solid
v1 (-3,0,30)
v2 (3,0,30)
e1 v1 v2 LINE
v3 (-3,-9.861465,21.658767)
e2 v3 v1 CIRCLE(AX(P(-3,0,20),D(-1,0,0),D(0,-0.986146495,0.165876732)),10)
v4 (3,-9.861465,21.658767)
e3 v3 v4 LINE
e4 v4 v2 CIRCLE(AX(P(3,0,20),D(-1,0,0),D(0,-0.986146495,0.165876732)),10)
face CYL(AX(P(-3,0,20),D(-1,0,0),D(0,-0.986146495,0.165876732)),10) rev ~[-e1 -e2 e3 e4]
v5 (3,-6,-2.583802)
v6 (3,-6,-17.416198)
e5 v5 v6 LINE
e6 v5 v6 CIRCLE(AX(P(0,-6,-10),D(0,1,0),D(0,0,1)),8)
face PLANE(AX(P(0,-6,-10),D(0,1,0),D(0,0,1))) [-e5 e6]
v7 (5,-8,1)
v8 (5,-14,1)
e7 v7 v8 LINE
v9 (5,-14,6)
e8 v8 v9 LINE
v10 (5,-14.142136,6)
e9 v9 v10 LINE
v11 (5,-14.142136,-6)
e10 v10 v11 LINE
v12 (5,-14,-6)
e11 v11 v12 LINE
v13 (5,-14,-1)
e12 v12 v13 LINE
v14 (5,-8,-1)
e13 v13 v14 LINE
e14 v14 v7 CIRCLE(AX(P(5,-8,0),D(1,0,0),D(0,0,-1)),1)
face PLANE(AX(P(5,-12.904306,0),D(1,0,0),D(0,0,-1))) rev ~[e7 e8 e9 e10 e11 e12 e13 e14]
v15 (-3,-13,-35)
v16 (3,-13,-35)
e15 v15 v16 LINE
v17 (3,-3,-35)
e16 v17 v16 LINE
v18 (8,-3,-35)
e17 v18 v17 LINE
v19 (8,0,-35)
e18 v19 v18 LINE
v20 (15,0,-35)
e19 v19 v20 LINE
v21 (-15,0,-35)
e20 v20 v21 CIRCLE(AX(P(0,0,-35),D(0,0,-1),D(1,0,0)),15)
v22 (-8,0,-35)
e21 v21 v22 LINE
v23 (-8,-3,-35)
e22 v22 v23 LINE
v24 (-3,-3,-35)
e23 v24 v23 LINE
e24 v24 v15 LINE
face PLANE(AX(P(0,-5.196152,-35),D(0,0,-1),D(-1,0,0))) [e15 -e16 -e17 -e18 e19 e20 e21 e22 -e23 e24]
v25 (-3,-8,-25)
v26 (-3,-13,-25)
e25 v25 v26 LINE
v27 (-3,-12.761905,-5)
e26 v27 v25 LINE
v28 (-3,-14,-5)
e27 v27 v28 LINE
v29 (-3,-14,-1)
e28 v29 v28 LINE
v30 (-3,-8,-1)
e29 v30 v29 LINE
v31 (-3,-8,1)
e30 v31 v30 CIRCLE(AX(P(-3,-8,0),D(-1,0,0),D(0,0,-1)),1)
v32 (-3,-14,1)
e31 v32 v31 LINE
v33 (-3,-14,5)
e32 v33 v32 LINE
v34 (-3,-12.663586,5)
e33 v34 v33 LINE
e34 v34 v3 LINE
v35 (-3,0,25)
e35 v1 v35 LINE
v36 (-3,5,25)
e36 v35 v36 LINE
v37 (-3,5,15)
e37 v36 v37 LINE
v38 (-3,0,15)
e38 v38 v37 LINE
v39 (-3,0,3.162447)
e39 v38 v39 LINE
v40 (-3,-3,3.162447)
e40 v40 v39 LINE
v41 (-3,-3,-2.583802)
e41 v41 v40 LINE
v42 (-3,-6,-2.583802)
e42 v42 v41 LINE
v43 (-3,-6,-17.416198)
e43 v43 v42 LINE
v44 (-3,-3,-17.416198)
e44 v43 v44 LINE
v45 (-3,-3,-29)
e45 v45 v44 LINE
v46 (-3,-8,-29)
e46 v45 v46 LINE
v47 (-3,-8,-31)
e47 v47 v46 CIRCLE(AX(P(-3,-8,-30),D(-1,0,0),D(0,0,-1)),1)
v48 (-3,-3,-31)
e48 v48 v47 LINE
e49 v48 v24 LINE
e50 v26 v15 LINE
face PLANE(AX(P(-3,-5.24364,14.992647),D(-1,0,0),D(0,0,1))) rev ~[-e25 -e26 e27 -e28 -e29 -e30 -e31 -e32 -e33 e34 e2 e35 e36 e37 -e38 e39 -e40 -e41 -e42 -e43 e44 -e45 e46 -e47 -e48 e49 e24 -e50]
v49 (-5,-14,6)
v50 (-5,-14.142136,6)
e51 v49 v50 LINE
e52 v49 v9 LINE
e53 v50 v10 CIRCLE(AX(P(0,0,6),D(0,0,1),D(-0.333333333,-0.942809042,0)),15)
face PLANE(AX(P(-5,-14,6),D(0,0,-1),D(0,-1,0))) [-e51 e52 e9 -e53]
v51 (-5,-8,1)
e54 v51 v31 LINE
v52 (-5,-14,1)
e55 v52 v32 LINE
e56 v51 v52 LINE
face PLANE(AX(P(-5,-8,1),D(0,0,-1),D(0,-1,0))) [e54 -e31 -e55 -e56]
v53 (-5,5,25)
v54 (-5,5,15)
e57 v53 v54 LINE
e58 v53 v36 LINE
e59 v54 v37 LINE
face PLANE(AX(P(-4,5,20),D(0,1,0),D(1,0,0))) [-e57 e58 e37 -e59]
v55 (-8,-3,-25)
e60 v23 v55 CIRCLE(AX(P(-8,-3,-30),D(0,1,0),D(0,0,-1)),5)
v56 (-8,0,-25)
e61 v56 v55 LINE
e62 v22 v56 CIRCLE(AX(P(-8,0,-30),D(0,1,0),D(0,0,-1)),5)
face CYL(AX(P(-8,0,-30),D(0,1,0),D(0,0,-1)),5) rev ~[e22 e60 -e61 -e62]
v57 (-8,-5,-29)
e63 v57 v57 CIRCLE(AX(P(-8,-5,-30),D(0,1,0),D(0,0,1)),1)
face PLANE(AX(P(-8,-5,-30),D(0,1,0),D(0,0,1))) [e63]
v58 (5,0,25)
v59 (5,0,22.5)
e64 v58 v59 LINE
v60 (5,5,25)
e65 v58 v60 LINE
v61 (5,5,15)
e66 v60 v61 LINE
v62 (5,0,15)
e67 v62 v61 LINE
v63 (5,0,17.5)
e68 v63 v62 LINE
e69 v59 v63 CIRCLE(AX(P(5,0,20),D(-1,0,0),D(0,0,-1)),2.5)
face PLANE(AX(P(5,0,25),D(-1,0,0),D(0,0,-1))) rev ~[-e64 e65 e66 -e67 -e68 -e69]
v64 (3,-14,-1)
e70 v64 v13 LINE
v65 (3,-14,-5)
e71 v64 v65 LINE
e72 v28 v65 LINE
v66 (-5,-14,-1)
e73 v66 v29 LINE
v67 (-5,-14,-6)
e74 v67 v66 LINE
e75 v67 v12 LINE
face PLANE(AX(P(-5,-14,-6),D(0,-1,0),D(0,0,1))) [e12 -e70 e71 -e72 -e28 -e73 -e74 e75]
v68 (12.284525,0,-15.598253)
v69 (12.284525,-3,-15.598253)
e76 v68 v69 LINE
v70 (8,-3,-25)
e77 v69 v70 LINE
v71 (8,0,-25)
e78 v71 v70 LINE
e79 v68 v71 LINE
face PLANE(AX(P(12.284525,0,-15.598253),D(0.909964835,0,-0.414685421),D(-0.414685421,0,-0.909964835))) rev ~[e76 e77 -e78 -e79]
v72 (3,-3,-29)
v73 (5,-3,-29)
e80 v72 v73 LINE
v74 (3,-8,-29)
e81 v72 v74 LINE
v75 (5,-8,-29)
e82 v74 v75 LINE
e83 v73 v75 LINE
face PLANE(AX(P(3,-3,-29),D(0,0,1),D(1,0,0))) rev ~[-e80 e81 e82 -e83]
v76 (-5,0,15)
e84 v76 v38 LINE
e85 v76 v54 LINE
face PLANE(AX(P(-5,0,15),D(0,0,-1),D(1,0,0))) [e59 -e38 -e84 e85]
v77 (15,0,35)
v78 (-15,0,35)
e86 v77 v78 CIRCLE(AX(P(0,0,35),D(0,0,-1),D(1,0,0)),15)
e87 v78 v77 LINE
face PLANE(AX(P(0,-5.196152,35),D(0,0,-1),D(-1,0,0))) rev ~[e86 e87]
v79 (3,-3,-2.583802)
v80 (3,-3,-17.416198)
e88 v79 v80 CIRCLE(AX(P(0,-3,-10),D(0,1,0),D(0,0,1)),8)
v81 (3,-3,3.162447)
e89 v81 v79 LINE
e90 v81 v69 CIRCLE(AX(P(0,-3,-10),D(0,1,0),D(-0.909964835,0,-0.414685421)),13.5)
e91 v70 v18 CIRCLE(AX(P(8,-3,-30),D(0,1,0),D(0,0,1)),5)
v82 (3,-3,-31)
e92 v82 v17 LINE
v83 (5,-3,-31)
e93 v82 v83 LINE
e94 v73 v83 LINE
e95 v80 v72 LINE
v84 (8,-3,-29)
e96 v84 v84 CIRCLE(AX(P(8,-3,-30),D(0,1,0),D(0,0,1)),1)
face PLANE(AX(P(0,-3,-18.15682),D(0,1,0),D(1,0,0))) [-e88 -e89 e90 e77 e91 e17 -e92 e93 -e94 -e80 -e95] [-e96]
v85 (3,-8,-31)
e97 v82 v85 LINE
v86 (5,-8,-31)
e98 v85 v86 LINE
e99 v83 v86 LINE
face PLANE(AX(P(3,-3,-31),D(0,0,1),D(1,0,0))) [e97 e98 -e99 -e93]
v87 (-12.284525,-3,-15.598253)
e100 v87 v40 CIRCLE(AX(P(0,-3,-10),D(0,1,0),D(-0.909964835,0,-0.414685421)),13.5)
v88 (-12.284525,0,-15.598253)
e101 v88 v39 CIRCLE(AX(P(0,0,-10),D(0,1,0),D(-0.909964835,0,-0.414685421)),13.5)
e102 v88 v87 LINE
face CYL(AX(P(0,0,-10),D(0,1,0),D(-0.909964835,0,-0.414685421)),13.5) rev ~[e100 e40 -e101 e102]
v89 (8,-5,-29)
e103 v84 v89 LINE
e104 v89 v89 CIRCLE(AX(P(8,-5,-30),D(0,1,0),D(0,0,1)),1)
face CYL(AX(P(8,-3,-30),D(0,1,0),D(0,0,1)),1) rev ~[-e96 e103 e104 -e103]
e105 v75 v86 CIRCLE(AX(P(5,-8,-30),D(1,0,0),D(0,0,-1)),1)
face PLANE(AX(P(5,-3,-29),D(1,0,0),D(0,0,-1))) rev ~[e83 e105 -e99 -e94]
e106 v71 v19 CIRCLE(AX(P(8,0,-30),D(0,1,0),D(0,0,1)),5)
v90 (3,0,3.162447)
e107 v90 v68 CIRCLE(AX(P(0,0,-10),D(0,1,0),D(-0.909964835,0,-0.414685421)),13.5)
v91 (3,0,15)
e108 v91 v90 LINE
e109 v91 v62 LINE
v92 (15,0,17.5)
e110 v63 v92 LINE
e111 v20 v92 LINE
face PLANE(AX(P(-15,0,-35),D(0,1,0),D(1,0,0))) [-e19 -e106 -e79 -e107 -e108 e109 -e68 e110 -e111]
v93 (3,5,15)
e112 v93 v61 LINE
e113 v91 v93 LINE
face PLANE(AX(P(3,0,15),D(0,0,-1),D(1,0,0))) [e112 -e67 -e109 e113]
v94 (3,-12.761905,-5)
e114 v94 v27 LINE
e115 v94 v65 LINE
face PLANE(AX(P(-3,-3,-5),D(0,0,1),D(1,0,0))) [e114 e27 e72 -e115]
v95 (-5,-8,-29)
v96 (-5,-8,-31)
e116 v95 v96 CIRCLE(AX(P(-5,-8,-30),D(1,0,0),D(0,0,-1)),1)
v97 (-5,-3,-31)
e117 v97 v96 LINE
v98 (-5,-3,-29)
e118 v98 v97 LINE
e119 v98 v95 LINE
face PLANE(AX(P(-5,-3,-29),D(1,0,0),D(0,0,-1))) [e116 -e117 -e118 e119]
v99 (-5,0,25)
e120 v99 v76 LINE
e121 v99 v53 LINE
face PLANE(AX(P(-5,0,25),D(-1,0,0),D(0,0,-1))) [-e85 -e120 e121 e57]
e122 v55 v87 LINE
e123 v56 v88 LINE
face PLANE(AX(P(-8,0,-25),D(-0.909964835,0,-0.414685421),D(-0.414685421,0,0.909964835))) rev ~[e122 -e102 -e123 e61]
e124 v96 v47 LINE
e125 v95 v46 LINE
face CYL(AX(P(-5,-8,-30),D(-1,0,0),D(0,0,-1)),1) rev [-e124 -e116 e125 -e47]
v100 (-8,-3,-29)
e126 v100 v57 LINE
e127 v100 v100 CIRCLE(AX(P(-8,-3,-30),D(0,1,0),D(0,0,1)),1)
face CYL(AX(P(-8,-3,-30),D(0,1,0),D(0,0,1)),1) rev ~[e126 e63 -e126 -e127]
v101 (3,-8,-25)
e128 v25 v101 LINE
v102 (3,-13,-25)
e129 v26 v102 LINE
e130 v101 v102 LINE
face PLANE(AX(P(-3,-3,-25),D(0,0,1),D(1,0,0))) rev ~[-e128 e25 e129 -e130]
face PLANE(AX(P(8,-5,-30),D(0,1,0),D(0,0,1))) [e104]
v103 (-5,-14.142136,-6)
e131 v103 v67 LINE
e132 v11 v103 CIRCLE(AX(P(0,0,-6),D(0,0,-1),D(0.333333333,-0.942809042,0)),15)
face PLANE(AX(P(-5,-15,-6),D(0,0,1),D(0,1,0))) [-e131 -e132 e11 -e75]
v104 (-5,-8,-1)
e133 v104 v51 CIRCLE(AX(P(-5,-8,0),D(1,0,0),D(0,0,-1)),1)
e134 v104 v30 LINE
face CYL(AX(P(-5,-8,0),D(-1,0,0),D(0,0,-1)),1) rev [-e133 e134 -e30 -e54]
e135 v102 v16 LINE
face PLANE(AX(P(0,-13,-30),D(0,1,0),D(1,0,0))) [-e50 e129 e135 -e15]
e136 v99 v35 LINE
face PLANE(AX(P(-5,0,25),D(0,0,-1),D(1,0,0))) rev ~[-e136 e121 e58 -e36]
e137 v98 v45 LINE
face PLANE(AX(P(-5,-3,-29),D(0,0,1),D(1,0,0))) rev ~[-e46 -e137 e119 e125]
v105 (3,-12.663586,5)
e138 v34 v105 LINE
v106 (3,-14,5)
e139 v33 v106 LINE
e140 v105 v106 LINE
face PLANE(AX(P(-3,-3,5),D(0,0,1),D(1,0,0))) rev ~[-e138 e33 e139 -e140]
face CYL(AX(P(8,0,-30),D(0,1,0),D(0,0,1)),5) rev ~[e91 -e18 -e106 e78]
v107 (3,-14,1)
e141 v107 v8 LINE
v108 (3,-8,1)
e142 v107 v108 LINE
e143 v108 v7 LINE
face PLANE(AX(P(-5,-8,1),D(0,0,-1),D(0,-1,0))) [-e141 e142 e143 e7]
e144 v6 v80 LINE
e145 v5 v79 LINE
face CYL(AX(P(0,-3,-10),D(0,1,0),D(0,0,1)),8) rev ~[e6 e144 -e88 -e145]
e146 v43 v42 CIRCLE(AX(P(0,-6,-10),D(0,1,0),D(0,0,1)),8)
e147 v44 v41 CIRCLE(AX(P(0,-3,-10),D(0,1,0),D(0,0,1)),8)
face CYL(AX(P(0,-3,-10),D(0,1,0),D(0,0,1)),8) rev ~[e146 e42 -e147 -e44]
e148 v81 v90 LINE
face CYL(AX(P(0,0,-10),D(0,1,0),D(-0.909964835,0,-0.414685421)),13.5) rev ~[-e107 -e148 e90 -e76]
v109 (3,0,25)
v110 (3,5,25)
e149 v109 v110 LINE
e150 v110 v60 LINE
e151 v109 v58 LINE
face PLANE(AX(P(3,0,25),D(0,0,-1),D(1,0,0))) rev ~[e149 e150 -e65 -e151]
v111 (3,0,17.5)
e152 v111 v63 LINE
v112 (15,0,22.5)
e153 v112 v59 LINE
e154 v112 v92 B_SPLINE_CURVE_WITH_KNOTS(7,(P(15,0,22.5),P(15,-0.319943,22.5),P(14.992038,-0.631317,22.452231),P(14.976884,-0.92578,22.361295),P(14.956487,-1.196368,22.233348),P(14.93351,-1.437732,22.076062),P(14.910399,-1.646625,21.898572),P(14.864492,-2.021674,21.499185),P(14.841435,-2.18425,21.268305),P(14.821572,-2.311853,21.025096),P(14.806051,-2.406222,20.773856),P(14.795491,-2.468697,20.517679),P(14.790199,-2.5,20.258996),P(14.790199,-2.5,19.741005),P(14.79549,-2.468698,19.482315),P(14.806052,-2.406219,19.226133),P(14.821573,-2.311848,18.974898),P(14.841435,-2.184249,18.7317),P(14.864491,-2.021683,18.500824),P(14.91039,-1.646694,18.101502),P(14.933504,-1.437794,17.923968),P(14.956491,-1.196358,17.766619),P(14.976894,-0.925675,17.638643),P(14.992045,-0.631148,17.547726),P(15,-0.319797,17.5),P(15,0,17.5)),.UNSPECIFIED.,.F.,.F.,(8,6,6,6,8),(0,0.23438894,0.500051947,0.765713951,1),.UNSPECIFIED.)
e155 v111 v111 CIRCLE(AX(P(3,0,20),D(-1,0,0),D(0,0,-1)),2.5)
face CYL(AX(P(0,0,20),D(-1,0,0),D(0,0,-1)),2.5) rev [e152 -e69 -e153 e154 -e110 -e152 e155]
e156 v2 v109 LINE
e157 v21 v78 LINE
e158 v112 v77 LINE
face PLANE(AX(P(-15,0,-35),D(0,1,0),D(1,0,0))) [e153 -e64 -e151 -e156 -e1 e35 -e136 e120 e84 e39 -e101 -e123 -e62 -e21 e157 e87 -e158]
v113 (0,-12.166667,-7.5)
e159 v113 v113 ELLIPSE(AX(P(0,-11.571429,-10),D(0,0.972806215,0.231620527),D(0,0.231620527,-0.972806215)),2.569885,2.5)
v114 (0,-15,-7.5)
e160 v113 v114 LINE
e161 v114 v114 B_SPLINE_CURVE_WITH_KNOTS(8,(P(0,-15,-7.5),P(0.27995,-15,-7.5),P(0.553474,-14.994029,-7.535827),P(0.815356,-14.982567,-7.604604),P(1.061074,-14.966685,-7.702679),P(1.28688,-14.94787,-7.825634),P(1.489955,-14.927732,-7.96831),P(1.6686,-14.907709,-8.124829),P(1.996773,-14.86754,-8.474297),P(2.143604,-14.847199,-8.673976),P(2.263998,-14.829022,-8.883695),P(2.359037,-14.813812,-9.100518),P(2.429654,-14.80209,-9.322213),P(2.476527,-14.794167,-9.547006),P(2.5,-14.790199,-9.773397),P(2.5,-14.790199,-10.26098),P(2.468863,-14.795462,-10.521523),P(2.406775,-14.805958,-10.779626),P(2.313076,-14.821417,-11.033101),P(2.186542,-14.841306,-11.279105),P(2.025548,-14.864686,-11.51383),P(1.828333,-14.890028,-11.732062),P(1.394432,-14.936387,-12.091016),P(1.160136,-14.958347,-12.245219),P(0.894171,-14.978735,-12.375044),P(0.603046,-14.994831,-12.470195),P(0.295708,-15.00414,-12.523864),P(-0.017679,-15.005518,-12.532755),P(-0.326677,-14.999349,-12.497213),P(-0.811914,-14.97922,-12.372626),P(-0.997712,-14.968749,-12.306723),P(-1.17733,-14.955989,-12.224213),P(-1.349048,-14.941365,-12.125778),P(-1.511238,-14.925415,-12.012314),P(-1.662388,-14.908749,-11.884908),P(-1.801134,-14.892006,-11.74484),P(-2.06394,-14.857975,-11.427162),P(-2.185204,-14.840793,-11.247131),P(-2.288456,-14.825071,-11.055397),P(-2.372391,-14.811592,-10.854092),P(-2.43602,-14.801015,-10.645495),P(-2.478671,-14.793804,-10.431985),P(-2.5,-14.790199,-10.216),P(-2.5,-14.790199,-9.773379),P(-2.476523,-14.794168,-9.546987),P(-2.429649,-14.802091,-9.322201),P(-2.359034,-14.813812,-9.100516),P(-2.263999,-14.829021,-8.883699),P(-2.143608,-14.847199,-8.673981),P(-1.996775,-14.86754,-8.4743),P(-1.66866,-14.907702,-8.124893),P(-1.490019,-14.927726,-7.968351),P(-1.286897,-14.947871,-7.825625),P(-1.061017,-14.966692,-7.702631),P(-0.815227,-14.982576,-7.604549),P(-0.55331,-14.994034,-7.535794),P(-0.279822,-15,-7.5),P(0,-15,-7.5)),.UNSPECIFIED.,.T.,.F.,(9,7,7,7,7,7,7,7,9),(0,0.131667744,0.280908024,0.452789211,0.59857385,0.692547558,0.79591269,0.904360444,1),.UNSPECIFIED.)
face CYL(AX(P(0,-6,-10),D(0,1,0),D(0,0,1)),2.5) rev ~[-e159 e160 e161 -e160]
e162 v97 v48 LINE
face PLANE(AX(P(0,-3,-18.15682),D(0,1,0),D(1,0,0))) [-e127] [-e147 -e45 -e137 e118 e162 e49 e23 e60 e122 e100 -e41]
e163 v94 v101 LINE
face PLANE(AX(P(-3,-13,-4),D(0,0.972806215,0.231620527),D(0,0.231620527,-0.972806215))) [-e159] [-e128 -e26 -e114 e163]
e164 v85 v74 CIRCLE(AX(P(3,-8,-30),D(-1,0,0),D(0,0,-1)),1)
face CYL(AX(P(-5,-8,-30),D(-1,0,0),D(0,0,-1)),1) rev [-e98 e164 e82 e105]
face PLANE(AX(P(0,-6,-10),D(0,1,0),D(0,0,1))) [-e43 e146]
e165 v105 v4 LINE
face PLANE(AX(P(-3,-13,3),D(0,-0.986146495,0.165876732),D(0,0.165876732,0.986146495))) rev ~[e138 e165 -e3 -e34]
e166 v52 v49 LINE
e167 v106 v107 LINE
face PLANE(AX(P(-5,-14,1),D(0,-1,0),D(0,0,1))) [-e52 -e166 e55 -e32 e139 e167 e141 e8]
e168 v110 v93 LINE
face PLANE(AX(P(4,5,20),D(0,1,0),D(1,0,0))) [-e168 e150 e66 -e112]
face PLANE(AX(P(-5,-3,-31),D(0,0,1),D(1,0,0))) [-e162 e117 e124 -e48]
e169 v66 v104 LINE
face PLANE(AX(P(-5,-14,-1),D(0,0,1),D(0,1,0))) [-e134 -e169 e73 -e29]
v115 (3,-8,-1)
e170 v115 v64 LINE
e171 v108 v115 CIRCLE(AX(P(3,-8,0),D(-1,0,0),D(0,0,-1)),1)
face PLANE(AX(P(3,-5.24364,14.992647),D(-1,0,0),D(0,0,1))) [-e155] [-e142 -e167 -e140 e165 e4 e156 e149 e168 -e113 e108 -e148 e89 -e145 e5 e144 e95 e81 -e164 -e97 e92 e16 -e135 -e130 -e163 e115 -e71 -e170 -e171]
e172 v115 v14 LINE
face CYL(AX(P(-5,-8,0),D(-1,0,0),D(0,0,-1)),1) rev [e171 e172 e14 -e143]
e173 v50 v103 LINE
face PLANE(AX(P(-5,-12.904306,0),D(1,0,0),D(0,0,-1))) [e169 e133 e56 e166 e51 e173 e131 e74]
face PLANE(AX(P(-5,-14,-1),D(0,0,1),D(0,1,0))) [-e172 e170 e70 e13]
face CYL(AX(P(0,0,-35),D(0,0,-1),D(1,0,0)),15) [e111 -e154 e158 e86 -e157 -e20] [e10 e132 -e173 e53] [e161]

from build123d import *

# Parameters (mm, degrees)
SALIENTE_EXTRUIR1_DEPTH      = 35
SALIENTE_EXTRUIR1_DEPTH_BACK = 35
CORTAR_EXTRUIR1_DEPTH        = 3
CROQUIS4_R                   = 8
CORTAR_EXTRUIR2_DEPTH        = 3
CROQUIS5_R                   = 2.5
CORTAR_EXTRUIR3_DEPTH        = 10
CROQUIS6_W                   = 6
CROQUIS6_H                   = 10
CORTAR_EXTRUIR5_DEPTH        = 10
CROQUIS7_W                   = 2
CROQUIS7_H                   = 2
CORTAR_EXTRUIR6_DEPTH        = 5
CROQUIS8_R                   = 1
CORTAR_EXTRUIR7_DEPTH        = 2
CROQUIS9_W                   = 6
CROQUIS9_H                   = 10
CORTAR_EXTRUIR8_DEPTH        = 12
CORTAR_EXTRUIR9_DEPTH        = 5
CORTAR_EXTRUIR9_DEPTH_BACK   = 5
CROQUIS10_R                  = 1
CORTAR_EXTRUIR10_DEPTH       = 5
CORTAR_EXTRUIR10_DEPTH_BACK  = 5
CORTAR_EXTRUIR11_DEPTH       = 3
CORTAR_EXTRUIR11_DEPTH_BACK  = 3
CROQUIS14_W                  = 2
CROQUIS14_H                  = 10
SALIENTE_EXTRUIR2_DEPTH      = 5
CROQUIS15_R                  = 2.5
CORTAR_EXTRUIR12_DEPTH       = 15


with BuildPart() as part:
    # Croquis1 → Saliente-Extruir1 (new, two sides: drawn at the far end of the back side and taken through both)
    with BuildSketch(Plane.XY.offset(-SALIENTE_EXTRUIR1_DEPTH_BACK)):
        with BuildLine():
            Line((-15, 0), (15, 0))
            ThreePointArc((15, 0), (0, -15), (-15, 0))
        make_face()
    extrude(amount=SALIENTE_EXTRUIR1_DEPTH + SALIENTE_EXTRUIR1_DEPTH_BACK)

    # Croquis3 → Cortar-Extruir1 (cut)
    with BuildSketch(Plane(origin=(0, 0, 0), x_dir=(1, 0, 0), z_dir=(0, 1, 0))):
        with BuildLine():
            Line((-8, 25), (-12.284525276, 15.598253186))
            ThreePointArc((-12.284525276, 15.598253186), (0, -3.5), (12.284525276, 15.598253186))
            Line((12.284525276, 15.598253186), (8, 25))
            ThreePointArc((8, 25), (13, 30), (8, 35))
            Line((8, 35), (-8, 35))
            ThreePointArc((-8, 35), (-13, 30), (-8, 25))
        make_face()
    extrude(amount=-CORTAR_EXTRUIR1_DEPTH, mode=Mode.SUBTRACT)

    # Croquis4 → Cortar-Extruir2 (cut)
    with BuildSketch(Plane(origin=(0, -3, 0), x_dir=(1, 0, 0), z_dir=(0, 1, 0))):
        with Locations((0, 10)):
            Circle(CROQUIS4_R)
    extrude(amount=-CORTAR_EXTRUIR2_DEPTH, mode=Mode.SUBTRACT)

    # Croquis5 → Cortar-Extruir3 (cut)
    with BuildSketch(Plane(origin=(0, -6, 0), x_dir=(1, 0, 0), z_dir=(0, 1, 0))):
        with Locations((0, 10)):
            Circle(CROQUIS5_R)
    extrude(amount=-CORTAR_EXTRUIR3_DEPTH, mode=Mode.SUBTRACT)

    # Croquis6 → Cortar-Extruir5 (cut)
    with BuildSketch(Plane(origin=(0, -3, 0), x_dir=(1, 0, 0), z_dir=(0, 1, 0))):
        with Locations((0, 30)):
            Rectangle(CROQUIS6_W, CROQUIS6_H)
    extrude(amount=-CORTAR_EXTRUIR5_DEPTH, mode=Mode.SUBTRACT)

    # Croquis7 → Cortar-Extruir6 (cut)
    with BuildSketch(Plane(origin=(0, -3, 0), x_dir=(1, 0, 0), z_dir=(0, 1, 0))):
        with Locations((-4, 30)):
            Rectangle(CROQUIS7_W, CROQUIS7_H)
        with Locations((4, 30)):
            Rectangle(CROQUIS7_W, CROQUIS7_H)
    extrude(amount=-CORTAR_EXTRUIR6_DEPTH, mode=Mode.SUBTRACT)

    # Croquis8 → Cortar-Extruir7 (cut)
    with BuildSketch(Plane(origin=(0, -3, 0), x_dir=(1, 0, 0), z_dir=(0, 1, 0))):
        with Locations((-8, 30)):
            Circle(CROQUIS8_R)
        with Locations((8, 30)):
            Circle(CROQUIS8_R)
    extrude(amount=-CORTAR_EXTRUIR7_DEPTH, mode=Mode.SUBTRACT)

    # Croquis9 → Cortar-Extruir8 (cut)
    with BuildSketch(Plane(origin=(0, -3, 0), x_dir=(1, 0, 0), z_dir=(0, 1, 0))):
        Rectangle(CROQUIS9_W, CROQUIS9_H)
    extrude(amount=-CORTAR_EXTRUIR8_DEPTH, mode=Mode.SUBTRACT)

    # Croquis10 → Cortar-Extruir9 (cut, two sides: drawn at the far end of the back side and taken through both)
    with BuildSketch(Plane(origin=(0, 0, 0), x_dir=(0, 0, -1), z_dir=(1, 0, 0)).offset(-CORTAR_EXTRUIR9_DEPTH_BACK)):
        with Locations((30, -8)):
            Circle(CROQUIS10_R)
    extrude(amount=CORTAR_EXTRUIR9_DEPTH + CORTAR_EXTRUIR9_DEPTH_BACK, mode=Mode.SUBTRACT)

    # Croquis11 → Cortar-Extruir10 (cut, two sides: drawn at the far end of the back side and taken through both)
    with BuildSketch(Plane(origin=(0, 0, 0), x_dir=(0, 0, -1), z_dir=(1, 0, 0)).offset(-CORTAR_EXTRUIR10_DEPTH_BACK)):
        with BuildLine():
            Line((-6, -15), (6, -15))
            Line((6, -15), (6, -14))
            Line((6, -14), (1, -14))
            Line((1, -14), (1, -8))
            ThreePointArc((1, -8), (0, -7), (-1, -8))
            Line((-1, -8), (-1, -14))
            Line((-1, -14), (-6, -14))
            Line((-6, -14), (-6, -15))
        make_face()
    extrude(amount=CORTAR_EXTRUIR10_DEPTH + CORTAR_EXTRUIR10_DEPTH_BACK, mode=Mode.SUBTRACT)

    # Croquis12 → Cortar-Extruir11 (cut, two sides: drawn at the far end of the back side and taken through both)
    with BuildSketch(Plane(origin=(0, 0, 0), x_dir=(0, 0, -1), z_dir=(1, 0, 0)).offset(-CORTAR_EXTRUIR11_DEPTH_BACK)):
        with BuildLine():
            Line((-3, -13), (-21.658767316, -9.861464952))
            ThreePointArc((-21.658767316, -9.861464952), (-27.635040051, -6.458030924), (-30, 0))
            Line((-30, 0), (-3, 0))
            Line((-3, 0), (-3, -13))
        make_face()
        Polygon((25, -8), (25, -3), (4, -3), (4, -13), align=None)
    extrude(amount=CORTAR_EXTRUIR11_DEPTH + CORTAR_EXTRUIR11_DEPTH_BACK, mode=Mode.SUBTRACT)

    # Croquis14 → Saliente-Extruir2 (add)
    with BuildSketch(Plane(origin=(0, 0, 0), x_dir=(1, 0, 0), z_dir=(0, 1, 0))):
        with Locations((4, -20)):
            Rectangle(CROQUIS14_W, CROQUIS14_H)
        with Locations((-4, -20)):
            Rectangle(CROQUIS14_W, CROQUIS14_H)
    extrude(amount=SALIENTE_EXTRUIR2_DEPTH)

    # Croquis15 → Cortar-Extruir12 (cut)
    with BuildSketch(Plane(origin=(0, 0, 0), x_dir=(0, 0, -1), z_dir=(1, 0, 0))):
        with Locations((-20, 0)):
            Circle(CROQUIS15_R)
    extrude(amount=CORTAR_EXTRUIR12_DEPTH, mode=Mode.SUBTRACT)


solid = part.part
